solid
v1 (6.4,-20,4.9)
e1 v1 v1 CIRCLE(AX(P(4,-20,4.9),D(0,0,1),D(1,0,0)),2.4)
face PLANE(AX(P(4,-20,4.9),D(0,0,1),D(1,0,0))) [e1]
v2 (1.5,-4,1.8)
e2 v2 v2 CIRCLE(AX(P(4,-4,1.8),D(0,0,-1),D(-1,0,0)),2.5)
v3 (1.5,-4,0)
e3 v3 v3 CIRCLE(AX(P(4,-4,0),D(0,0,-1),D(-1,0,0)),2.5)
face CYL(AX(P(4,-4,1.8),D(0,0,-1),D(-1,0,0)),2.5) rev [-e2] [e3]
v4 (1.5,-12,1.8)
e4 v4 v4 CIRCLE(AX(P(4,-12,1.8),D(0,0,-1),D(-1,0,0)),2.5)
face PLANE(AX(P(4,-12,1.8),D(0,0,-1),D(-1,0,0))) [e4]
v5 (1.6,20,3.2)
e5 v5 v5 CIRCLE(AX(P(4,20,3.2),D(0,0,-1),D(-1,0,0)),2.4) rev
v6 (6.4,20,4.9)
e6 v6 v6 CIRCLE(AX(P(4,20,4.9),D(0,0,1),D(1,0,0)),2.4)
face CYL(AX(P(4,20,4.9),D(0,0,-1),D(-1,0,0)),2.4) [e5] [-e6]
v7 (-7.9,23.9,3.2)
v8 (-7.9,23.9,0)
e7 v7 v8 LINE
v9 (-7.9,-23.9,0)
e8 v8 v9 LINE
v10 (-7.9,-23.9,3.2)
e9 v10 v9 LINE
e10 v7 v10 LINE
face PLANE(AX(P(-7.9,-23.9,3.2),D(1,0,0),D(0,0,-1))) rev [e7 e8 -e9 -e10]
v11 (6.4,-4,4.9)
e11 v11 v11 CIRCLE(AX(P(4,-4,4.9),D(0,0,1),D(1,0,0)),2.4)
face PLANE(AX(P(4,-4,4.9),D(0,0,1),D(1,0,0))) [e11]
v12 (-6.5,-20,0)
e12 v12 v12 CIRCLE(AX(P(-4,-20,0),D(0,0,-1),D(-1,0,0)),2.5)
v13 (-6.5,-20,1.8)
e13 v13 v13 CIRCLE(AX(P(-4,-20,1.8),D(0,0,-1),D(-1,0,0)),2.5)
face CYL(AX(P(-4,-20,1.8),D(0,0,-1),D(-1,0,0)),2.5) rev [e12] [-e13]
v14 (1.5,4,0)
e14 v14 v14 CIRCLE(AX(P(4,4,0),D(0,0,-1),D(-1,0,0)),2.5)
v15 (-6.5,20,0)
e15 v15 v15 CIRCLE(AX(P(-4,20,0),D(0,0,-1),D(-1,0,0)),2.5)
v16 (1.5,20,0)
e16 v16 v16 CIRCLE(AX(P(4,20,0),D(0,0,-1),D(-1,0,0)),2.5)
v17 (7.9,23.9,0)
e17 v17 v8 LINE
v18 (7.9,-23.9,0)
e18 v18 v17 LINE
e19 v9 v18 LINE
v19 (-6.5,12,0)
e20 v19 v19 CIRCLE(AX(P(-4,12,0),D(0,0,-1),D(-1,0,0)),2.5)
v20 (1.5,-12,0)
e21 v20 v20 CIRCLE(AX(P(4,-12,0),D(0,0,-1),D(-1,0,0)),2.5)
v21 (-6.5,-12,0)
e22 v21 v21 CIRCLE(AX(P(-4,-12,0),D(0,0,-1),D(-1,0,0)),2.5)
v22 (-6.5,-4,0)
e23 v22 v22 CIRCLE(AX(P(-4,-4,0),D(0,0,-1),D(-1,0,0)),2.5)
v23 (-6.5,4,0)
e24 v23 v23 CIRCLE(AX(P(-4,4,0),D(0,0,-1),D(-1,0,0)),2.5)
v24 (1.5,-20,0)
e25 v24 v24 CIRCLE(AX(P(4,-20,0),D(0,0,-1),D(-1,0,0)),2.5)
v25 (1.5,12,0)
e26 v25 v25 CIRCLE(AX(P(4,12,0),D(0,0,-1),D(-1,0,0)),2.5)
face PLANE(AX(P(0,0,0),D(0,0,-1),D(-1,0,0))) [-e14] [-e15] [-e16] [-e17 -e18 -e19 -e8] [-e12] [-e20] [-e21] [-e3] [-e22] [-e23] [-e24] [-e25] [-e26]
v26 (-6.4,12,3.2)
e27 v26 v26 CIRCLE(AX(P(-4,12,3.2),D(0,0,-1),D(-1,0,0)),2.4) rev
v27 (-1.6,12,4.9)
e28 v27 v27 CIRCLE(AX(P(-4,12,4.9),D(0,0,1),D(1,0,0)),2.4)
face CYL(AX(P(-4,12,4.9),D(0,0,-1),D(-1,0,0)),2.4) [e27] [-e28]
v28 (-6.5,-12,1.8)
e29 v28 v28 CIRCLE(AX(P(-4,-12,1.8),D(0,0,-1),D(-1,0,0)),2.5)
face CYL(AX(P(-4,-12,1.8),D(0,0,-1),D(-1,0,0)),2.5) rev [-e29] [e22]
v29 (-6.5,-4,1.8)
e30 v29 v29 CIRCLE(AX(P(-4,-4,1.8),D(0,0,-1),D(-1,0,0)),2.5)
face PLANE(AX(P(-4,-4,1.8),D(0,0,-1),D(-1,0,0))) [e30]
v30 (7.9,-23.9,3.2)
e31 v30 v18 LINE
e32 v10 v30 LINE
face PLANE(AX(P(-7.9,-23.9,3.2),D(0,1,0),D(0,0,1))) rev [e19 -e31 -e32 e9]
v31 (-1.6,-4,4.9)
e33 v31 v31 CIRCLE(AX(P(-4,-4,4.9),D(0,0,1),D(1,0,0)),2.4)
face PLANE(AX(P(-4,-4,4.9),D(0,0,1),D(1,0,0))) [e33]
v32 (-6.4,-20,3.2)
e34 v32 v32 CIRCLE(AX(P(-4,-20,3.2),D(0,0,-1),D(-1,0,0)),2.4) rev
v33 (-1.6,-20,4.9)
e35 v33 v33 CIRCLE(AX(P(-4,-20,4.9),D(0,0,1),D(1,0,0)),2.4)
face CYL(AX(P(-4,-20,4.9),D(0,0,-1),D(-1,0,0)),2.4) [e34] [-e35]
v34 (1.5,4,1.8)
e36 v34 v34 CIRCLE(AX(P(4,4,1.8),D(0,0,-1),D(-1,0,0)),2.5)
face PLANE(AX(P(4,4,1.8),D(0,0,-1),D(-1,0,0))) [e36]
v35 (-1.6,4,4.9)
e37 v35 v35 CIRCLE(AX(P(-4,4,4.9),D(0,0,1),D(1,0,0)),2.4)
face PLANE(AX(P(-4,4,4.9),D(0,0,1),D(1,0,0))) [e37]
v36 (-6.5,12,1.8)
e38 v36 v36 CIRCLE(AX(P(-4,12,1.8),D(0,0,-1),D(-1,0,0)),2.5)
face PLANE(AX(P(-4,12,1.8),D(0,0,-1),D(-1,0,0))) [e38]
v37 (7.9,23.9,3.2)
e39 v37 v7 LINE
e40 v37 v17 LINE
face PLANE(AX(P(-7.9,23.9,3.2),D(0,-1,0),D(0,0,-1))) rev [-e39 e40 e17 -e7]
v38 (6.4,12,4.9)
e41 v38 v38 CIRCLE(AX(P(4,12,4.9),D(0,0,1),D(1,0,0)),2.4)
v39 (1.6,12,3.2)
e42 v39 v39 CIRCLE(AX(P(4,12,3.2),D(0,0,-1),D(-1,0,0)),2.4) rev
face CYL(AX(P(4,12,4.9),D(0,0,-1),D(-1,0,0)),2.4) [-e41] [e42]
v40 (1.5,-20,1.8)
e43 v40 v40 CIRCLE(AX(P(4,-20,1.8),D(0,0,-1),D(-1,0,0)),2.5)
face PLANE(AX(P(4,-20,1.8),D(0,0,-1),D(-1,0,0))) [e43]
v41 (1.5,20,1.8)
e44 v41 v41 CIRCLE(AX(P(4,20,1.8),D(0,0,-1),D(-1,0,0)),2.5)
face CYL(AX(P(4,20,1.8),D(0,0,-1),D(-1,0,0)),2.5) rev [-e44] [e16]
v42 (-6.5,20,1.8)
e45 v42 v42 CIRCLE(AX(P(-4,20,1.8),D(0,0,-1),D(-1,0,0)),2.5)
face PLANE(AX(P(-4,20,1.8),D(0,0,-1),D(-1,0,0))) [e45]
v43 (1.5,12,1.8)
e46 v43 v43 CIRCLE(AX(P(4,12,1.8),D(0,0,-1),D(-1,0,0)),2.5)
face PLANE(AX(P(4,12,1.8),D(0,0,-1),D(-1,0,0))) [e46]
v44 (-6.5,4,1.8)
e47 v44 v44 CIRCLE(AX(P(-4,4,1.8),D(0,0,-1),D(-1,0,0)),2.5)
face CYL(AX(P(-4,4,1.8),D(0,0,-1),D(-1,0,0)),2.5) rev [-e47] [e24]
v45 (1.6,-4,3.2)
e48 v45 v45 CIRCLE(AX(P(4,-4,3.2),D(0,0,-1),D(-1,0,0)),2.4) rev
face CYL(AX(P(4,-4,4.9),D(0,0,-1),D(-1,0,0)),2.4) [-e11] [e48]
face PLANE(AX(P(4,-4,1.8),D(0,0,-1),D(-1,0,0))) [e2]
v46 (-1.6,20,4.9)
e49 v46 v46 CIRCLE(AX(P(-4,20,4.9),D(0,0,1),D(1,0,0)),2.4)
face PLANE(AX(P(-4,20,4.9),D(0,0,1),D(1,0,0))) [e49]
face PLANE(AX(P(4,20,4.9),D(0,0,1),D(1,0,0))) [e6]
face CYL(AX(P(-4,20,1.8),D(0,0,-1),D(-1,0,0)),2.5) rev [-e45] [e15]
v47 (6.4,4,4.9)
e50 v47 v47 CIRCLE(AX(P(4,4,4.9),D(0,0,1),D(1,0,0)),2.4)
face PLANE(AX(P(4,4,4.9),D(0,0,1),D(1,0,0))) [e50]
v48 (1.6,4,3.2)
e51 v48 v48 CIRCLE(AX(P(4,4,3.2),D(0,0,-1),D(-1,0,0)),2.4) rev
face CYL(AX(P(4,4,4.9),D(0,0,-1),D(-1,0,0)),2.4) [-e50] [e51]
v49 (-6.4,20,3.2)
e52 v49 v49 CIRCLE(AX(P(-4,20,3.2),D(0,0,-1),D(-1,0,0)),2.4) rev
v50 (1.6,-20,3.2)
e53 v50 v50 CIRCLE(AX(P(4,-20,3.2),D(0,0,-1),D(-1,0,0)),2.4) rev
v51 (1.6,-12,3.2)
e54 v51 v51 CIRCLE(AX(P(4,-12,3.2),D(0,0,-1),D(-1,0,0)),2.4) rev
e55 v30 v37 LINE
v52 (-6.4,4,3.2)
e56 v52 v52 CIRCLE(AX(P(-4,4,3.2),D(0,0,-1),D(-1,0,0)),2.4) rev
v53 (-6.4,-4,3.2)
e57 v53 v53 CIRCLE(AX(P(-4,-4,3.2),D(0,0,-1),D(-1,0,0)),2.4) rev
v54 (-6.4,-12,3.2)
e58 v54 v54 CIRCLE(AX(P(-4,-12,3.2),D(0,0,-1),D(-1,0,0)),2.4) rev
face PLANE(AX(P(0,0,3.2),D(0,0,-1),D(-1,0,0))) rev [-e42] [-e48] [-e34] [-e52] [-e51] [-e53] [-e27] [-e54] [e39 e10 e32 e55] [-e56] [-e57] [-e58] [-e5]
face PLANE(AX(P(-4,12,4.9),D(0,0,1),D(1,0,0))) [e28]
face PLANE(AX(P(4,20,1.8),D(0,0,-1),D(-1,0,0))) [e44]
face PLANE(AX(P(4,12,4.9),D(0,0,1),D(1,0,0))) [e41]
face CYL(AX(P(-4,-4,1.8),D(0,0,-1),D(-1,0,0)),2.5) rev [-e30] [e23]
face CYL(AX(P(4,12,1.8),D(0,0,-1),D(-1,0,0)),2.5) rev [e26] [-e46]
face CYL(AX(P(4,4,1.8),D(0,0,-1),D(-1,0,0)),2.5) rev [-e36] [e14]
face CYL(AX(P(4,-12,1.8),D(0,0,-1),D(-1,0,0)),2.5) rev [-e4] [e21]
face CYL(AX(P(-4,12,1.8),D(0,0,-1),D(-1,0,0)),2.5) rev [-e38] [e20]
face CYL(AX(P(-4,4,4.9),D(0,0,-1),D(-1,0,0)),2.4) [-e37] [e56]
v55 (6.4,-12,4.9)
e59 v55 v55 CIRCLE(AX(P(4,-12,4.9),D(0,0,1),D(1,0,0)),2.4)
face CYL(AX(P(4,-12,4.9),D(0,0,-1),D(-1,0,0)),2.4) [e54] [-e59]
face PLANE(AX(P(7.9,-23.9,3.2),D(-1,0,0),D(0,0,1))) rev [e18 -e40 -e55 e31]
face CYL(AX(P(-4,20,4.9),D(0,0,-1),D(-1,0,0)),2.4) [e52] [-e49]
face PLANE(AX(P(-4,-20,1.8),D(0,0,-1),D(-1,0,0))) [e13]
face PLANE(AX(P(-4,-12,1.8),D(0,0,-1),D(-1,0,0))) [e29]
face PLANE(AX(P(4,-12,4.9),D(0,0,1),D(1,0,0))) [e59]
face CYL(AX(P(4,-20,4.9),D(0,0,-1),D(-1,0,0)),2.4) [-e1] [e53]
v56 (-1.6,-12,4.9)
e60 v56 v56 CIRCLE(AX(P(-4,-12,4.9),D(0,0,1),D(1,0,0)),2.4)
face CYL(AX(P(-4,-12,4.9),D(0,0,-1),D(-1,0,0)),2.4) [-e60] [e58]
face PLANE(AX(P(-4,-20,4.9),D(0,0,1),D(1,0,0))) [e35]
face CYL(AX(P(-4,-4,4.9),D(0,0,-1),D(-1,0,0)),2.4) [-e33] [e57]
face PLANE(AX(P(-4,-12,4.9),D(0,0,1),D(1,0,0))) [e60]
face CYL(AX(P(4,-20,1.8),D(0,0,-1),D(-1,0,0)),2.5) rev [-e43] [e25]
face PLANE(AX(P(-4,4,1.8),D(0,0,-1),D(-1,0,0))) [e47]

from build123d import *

# Parameters (mm, degrees)
SKETCH_1_W          = 15.8
SKETCH_1_H          = 47.8
EXTRUDE_1_DEPTH     = 3.2
SKETCH_2_R          = 2.4
EXTRUDE_2_DEPTH     = 1.7
SKETCH_3_R          = 2.5
CUT_EXTRUDE_2_DEPTH = 1.8


with BuildPart() as part:
    # Эскиз1 → Бобышка-Вытянуть1 (new body)
    with BuildSketch(Plane.XY):
        Rectangle(SKETCH_1_W, SKETCH_1_H)
    extrude(amount=EXTRUDE_1_DEPTH)

    # Эскиз2 → Бобышка-Вытянуть2 (add)
    with BuildSketch(Plane.XY.offset(3.2)):
        with Locations(Location((-4, 20, 0), (0, 0, 180))):
            Circle(SKETCH_2_R)
        with Locations(Location((4, 20, 0), (0, 0, 180))):
            Circle(SKETCH_2_R)
        with Locations(Location((4, 12, 0), (0, 0, 180))):
            Circle(SKETCH_2_R)
        with Locations(Location((4, 4, 0), (0, 0, 180))):
            Circle(SKETCH_2_R)
        with Locations(Location((4, -4, 0), (0, 0, 180))):
            Circle(SKETCH_2_R)
        with Locations(Location((4, -12, 0), (0, 0, 180))):
            Circle(SKETCH_2_R)
        with Locations(Location((4, -20, 0), (0, 0, 180))):
            Circle(SKETCH_2_R)
        with Locations(Location((-4, 12, 0), (0, 0, 180))):
            Circle(SKETCH_2_R)
        with Locations(Location((-4, 4, 0), (0, 0, 180))):
            Circle(SKETCH_2_R)
        with Locations(Location((-4, -4, 0), (0, 0, 180))):
            Circle(SKETCH_2_R)
        with Locations(Location((-4, -12, 0), (0, 0, 180))):
            Circle(SKETCH_2_R)
        with Locations(Location((-4, -20, 0), (0, 0, 180))):
            Circle(SKETCH_2_R)
    extrude(amount=EXTRUDE_2_DEPTH)

    # Эскиз3 → Вырез-Вытянуть2 (cut)
    with BuildSketch(Plane(origin=(0, 0, 0), x_dir=(-1, 0, 0), z_dir=(0, 0, -1))):
        with Locations((-4, 20)):
            Circle(SKETCH_3_R)
        with Locations((4, 20)):
            Circle(SKETCH_3_R)
        with Locations((4, 12)):
            Circle(SKETCH_3_R)
        with Locations((4, 4)):
            Circle(SKETCH_3_R)
        with Locations((4, -4)):
            Circle(SKETCH_3_R)
        with Locations((4, -12)):
            Circle(SKETCH_3_R)
        with Locations((4, -20)):
            Circle(SKETCH_3_R)
        with Locations((-4, 12)):
            Circle(SKETCH_3_R)
        with Locations((-4, 4)):
            Circle(SKETCH_3_R)
        with Locations((-4, -4)):
            Circle(SKETCH_3_R)
        with Locations((-4, -12)):
            Circle(SKETCH_3_R)
        with Locations((-4, -20)):
            Circle(SKETCH_3_R)
    extrude(amount=-CUT_EXTRUDE_2_DEPTH, mode=Mode.SUBTRACT)


solid = part.part
